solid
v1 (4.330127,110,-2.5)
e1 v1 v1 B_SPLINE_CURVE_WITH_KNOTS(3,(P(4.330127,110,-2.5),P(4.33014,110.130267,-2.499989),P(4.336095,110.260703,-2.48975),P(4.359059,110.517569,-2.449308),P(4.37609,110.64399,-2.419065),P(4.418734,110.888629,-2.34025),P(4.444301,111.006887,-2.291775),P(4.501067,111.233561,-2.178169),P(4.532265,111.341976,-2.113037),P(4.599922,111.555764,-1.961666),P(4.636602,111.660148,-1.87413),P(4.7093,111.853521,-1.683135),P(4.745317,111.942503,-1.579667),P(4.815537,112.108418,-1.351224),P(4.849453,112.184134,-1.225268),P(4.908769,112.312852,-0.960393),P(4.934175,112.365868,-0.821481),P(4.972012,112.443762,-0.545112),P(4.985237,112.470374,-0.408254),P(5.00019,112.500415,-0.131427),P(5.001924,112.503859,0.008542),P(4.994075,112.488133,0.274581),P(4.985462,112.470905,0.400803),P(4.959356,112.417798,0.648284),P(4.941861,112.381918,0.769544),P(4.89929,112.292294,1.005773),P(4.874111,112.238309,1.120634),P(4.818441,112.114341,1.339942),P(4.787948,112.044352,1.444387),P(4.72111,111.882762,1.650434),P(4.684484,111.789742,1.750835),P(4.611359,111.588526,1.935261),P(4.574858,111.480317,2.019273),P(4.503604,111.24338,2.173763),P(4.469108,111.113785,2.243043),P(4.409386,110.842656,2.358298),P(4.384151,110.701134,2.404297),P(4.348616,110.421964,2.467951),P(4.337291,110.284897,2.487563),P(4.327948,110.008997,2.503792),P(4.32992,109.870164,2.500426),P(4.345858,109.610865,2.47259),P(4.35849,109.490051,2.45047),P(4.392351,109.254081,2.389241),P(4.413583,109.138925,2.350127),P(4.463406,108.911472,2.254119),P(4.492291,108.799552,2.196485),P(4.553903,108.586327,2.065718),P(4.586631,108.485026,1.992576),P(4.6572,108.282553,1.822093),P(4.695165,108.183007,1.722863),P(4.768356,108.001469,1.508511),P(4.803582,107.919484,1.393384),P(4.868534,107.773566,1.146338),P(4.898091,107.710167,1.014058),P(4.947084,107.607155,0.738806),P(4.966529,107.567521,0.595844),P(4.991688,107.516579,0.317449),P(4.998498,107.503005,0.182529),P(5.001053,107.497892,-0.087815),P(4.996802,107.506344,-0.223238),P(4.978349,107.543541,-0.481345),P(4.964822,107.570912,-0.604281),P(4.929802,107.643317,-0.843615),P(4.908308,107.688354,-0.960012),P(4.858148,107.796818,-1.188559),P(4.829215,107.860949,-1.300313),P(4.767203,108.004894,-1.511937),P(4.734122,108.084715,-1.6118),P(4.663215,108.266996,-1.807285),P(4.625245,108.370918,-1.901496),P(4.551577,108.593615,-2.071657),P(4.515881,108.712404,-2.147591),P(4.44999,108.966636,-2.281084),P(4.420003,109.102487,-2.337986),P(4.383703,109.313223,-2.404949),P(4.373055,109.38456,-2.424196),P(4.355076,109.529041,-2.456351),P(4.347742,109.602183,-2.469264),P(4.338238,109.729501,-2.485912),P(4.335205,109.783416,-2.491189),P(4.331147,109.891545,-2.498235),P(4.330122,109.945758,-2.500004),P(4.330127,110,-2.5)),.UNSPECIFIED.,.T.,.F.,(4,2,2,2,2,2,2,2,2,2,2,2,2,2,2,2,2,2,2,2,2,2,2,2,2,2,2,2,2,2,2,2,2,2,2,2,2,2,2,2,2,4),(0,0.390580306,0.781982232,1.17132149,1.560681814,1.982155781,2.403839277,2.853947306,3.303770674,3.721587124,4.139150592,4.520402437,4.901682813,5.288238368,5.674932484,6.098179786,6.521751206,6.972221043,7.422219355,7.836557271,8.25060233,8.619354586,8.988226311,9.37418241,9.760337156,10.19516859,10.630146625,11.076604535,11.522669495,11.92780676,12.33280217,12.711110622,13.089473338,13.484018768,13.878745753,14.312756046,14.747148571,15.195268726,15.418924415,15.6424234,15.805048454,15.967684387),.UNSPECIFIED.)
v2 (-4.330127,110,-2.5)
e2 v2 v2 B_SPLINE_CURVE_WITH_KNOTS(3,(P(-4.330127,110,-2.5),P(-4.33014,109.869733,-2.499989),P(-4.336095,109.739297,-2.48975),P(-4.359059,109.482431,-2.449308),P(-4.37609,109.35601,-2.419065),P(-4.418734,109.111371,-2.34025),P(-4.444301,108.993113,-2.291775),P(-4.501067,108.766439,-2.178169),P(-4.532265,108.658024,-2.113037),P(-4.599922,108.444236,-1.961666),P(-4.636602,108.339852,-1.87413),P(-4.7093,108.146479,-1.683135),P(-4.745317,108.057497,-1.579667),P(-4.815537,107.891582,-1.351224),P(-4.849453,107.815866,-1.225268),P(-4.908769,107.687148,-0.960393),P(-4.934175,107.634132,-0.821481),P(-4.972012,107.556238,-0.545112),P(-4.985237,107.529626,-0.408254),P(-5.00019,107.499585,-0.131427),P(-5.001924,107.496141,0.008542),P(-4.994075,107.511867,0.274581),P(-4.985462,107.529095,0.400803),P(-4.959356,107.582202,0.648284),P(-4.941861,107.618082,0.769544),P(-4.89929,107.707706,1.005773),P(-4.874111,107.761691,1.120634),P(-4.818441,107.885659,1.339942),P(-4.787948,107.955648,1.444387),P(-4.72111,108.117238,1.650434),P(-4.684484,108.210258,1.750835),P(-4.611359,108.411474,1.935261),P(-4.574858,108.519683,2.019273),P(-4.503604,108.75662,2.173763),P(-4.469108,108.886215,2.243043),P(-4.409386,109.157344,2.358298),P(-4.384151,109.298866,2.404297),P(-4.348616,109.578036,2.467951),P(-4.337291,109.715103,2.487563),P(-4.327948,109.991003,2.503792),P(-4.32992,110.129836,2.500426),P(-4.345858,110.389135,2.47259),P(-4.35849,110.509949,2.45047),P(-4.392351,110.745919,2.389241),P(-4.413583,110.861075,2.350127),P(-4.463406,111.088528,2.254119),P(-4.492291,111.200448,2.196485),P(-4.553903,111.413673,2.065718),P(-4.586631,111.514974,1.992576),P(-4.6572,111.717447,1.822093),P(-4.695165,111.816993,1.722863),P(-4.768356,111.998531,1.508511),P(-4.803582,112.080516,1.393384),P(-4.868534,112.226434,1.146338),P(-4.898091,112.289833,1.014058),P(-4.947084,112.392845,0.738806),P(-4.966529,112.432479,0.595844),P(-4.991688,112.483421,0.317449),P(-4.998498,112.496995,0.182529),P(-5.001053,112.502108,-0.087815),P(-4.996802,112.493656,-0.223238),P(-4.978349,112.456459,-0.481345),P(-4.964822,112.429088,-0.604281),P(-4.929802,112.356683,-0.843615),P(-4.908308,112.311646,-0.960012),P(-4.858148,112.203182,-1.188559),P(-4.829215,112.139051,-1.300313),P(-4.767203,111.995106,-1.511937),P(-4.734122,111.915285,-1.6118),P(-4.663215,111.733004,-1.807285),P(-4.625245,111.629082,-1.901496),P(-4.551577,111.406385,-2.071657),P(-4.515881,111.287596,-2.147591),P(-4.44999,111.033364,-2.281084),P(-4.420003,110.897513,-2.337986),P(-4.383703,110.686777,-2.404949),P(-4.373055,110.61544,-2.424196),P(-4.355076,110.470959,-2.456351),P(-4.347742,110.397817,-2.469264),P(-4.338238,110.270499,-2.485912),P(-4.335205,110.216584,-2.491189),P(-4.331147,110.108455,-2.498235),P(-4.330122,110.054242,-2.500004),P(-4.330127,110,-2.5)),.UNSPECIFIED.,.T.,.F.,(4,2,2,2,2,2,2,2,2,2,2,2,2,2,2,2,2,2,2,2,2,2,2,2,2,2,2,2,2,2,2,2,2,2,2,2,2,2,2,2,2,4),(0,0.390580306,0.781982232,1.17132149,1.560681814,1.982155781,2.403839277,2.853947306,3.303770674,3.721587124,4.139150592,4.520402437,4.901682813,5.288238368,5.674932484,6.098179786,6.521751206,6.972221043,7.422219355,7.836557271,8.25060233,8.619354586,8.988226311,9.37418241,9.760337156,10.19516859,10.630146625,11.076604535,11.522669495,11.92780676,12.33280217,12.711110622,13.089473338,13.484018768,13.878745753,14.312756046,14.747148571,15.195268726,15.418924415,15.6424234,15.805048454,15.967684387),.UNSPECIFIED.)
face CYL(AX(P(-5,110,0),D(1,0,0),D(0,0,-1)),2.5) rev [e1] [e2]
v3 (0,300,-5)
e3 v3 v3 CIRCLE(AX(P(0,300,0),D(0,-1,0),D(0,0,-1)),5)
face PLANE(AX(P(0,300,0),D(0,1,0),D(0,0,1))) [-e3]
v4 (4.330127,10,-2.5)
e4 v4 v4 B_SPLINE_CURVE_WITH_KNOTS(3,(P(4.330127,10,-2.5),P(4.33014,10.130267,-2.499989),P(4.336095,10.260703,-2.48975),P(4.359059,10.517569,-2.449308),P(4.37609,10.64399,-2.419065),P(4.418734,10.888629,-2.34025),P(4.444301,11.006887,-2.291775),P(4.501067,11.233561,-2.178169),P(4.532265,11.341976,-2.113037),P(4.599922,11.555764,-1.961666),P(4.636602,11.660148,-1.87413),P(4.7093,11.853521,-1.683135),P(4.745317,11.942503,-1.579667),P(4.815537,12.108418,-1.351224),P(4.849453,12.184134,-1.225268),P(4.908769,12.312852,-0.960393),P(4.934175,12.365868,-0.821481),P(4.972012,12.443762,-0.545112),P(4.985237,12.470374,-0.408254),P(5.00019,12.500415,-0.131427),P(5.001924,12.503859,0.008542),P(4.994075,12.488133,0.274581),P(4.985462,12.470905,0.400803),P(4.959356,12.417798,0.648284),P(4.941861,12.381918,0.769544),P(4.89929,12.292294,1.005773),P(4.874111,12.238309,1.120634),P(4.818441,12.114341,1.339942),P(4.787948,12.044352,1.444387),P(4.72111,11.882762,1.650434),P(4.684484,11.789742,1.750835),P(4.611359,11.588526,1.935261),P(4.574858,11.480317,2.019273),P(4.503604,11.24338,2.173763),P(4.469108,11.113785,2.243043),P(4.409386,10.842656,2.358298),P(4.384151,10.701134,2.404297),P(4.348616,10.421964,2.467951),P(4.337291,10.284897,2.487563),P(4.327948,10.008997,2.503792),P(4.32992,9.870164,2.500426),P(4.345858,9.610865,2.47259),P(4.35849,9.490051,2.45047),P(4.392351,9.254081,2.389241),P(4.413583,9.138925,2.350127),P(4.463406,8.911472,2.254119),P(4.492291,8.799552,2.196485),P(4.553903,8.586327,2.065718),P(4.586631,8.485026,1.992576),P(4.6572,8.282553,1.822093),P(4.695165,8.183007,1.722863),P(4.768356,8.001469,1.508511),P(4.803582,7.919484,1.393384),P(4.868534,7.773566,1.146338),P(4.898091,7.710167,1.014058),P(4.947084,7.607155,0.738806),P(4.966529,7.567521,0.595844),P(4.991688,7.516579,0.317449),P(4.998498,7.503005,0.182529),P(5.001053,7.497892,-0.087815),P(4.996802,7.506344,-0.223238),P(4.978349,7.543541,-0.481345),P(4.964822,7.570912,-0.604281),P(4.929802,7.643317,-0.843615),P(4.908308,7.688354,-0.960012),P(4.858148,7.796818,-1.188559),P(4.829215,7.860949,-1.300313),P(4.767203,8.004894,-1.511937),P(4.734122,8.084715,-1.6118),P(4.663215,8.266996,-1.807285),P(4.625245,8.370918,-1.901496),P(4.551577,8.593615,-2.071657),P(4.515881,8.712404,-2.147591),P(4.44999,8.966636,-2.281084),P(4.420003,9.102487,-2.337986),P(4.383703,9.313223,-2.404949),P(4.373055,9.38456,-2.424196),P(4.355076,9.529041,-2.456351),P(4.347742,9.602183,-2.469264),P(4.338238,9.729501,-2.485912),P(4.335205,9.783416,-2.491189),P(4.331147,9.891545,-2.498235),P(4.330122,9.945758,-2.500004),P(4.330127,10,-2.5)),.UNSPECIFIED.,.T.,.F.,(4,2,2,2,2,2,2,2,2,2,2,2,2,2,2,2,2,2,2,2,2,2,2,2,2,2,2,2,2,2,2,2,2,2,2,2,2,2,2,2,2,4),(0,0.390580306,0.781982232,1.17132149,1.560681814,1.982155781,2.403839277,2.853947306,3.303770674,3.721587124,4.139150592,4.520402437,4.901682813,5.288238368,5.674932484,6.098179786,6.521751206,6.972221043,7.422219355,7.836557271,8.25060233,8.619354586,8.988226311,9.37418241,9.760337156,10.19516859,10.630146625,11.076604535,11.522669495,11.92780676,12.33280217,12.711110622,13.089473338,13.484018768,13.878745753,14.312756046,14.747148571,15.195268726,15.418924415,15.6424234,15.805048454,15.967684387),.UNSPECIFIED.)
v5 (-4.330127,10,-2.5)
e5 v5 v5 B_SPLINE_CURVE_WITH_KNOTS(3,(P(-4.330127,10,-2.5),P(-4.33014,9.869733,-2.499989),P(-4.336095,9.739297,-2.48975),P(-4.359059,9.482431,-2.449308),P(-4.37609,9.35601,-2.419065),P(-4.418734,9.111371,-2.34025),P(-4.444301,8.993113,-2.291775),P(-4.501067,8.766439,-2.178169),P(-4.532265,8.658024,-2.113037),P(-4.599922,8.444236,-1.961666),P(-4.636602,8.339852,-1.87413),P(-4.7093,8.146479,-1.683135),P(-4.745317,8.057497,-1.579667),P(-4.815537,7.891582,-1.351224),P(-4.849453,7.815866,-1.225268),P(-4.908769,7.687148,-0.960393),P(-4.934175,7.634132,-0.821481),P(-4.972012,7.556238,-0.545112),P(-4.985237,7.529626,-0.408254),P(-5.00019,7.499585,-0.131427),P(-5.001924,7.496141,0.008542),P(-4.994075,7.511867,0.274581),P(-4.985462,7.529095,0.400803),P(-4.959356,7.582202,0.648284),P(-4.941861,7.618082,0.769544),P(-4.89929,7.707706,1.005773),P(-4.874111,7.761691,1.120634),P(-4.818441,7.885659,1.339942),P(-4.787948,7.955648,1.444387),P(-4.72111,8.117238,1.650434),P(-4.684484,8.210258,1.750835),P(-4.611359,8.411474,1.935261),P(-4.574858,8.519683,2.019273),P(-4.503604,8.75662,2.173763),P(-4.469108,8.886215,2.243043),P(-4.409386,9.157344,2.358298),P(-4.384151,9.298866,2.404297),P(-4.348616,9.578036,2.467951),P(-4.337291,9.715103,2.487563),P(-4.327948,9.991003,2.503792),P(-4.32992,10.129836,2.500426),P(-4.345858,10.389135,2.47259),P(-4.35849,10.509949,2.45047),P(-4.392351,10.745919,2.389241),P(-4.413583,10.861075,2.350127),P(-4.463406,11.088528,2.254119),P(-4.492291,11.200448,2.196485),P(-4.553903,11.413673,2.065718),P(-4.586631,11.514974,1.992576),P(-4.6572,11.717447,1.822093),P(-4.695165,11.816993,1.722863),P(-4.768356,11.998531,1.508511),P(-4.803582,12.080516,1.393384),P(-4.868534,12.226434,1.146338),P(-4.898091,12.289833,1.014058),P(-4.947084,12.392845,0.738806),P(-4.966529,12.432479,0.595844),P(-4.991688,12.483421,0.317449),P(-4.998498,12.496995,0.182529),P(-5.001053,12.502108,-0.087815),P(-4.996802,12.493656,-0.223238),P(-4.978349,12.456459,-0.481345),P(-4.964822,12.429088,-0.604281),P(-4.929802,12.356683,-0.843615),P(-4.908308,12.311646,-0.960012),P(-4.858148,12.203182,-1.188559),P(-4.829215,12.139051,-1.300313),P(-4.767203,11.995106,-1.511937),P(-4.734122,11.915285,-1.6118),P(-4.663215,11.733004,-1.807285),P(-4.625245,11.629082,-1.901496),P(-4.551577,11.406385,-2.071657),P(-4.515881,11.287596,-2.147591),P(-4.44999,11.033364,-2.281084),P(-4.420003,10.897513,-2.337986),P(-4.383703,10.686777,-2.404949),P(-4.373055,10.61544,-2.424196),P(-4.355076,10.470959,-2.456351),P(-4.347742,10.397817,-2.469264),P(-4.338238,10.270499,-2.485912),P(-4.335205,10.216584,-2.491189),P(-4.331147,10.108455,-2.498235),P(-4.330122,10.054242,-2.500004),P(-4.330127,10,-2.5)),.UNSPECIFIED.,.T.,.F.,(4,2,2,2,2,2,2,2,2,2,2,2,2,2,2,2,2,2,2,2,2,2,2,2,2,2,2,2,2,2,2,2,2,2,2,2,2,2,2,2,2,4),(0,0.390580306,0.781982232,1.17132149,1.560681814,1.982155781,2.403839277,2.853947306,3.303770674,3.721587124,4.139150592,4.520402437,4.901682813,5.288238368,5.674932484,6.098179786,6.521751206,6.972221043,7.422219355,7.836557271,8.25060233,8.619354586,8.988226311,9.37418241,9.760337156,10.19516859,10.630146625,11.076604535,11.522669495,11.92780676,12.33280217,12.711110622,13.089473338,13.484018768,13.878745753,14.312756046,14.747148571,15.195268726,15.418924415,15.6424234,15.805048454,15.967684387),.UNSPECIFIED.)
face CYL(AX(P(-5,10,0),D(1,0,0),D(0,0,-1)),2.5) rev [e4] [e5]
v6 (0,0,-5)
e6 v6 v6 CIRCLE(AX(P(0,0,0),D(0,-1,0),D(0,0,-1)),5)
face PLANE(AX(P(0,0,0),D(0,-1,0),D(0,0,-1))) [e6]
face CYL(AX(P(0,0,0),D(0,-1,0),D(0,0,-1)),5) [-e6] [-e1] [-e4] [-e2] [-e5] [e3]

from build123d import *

# Parameters (mm, degrees)
SKETCH_1_W               = 5
SKETCH_1_H               = 300
SKETCH_2_R               = 2.5
CUT_EXTRUDE_1_DEPTH      = 6
CUT_EXTRUDE_1_DEPTH_BACK = 6


with BuildPart() as part:
    # Эскиз1 → Повернуть1 (revolve)
    with BuildSketch(Plane(origin=(0, 0, 0), x_dir=(0, 0, -1), z_dir=(1, 0, 0))):
        with Locations((2.5, 150)):
            Rectangle(SKETCH_1_W, SKETCH_1_H)
    revolve(axis=Axis((0, 0, 0), (0, 1, 0)))

    # Эскиз2 → Вырез-Вытянуть1 (cut, two sides)
    with BuildSketch(Plane(origin=(0, 0, 0), x_dir=(0, 0, -1), z_dir=(1, 0, 0))) as cut_extrude_1_sk:
        with Locations((0, 10)):
            Circle(SKETCH_2_R)
        with Locations((0, 110)):
            Circle(SKETCH_2_R)
    extrude(amount=CUT_EXTRUDE_1_DEPTH, mode=Mode.SUBTRACT)
    extrude(cut_extrude_1_sk.sketch, amount=-CUT_EXTRUDE_1_DEPTH_BACK, mode=Mode.SUBTRACT)


solid = part.part
